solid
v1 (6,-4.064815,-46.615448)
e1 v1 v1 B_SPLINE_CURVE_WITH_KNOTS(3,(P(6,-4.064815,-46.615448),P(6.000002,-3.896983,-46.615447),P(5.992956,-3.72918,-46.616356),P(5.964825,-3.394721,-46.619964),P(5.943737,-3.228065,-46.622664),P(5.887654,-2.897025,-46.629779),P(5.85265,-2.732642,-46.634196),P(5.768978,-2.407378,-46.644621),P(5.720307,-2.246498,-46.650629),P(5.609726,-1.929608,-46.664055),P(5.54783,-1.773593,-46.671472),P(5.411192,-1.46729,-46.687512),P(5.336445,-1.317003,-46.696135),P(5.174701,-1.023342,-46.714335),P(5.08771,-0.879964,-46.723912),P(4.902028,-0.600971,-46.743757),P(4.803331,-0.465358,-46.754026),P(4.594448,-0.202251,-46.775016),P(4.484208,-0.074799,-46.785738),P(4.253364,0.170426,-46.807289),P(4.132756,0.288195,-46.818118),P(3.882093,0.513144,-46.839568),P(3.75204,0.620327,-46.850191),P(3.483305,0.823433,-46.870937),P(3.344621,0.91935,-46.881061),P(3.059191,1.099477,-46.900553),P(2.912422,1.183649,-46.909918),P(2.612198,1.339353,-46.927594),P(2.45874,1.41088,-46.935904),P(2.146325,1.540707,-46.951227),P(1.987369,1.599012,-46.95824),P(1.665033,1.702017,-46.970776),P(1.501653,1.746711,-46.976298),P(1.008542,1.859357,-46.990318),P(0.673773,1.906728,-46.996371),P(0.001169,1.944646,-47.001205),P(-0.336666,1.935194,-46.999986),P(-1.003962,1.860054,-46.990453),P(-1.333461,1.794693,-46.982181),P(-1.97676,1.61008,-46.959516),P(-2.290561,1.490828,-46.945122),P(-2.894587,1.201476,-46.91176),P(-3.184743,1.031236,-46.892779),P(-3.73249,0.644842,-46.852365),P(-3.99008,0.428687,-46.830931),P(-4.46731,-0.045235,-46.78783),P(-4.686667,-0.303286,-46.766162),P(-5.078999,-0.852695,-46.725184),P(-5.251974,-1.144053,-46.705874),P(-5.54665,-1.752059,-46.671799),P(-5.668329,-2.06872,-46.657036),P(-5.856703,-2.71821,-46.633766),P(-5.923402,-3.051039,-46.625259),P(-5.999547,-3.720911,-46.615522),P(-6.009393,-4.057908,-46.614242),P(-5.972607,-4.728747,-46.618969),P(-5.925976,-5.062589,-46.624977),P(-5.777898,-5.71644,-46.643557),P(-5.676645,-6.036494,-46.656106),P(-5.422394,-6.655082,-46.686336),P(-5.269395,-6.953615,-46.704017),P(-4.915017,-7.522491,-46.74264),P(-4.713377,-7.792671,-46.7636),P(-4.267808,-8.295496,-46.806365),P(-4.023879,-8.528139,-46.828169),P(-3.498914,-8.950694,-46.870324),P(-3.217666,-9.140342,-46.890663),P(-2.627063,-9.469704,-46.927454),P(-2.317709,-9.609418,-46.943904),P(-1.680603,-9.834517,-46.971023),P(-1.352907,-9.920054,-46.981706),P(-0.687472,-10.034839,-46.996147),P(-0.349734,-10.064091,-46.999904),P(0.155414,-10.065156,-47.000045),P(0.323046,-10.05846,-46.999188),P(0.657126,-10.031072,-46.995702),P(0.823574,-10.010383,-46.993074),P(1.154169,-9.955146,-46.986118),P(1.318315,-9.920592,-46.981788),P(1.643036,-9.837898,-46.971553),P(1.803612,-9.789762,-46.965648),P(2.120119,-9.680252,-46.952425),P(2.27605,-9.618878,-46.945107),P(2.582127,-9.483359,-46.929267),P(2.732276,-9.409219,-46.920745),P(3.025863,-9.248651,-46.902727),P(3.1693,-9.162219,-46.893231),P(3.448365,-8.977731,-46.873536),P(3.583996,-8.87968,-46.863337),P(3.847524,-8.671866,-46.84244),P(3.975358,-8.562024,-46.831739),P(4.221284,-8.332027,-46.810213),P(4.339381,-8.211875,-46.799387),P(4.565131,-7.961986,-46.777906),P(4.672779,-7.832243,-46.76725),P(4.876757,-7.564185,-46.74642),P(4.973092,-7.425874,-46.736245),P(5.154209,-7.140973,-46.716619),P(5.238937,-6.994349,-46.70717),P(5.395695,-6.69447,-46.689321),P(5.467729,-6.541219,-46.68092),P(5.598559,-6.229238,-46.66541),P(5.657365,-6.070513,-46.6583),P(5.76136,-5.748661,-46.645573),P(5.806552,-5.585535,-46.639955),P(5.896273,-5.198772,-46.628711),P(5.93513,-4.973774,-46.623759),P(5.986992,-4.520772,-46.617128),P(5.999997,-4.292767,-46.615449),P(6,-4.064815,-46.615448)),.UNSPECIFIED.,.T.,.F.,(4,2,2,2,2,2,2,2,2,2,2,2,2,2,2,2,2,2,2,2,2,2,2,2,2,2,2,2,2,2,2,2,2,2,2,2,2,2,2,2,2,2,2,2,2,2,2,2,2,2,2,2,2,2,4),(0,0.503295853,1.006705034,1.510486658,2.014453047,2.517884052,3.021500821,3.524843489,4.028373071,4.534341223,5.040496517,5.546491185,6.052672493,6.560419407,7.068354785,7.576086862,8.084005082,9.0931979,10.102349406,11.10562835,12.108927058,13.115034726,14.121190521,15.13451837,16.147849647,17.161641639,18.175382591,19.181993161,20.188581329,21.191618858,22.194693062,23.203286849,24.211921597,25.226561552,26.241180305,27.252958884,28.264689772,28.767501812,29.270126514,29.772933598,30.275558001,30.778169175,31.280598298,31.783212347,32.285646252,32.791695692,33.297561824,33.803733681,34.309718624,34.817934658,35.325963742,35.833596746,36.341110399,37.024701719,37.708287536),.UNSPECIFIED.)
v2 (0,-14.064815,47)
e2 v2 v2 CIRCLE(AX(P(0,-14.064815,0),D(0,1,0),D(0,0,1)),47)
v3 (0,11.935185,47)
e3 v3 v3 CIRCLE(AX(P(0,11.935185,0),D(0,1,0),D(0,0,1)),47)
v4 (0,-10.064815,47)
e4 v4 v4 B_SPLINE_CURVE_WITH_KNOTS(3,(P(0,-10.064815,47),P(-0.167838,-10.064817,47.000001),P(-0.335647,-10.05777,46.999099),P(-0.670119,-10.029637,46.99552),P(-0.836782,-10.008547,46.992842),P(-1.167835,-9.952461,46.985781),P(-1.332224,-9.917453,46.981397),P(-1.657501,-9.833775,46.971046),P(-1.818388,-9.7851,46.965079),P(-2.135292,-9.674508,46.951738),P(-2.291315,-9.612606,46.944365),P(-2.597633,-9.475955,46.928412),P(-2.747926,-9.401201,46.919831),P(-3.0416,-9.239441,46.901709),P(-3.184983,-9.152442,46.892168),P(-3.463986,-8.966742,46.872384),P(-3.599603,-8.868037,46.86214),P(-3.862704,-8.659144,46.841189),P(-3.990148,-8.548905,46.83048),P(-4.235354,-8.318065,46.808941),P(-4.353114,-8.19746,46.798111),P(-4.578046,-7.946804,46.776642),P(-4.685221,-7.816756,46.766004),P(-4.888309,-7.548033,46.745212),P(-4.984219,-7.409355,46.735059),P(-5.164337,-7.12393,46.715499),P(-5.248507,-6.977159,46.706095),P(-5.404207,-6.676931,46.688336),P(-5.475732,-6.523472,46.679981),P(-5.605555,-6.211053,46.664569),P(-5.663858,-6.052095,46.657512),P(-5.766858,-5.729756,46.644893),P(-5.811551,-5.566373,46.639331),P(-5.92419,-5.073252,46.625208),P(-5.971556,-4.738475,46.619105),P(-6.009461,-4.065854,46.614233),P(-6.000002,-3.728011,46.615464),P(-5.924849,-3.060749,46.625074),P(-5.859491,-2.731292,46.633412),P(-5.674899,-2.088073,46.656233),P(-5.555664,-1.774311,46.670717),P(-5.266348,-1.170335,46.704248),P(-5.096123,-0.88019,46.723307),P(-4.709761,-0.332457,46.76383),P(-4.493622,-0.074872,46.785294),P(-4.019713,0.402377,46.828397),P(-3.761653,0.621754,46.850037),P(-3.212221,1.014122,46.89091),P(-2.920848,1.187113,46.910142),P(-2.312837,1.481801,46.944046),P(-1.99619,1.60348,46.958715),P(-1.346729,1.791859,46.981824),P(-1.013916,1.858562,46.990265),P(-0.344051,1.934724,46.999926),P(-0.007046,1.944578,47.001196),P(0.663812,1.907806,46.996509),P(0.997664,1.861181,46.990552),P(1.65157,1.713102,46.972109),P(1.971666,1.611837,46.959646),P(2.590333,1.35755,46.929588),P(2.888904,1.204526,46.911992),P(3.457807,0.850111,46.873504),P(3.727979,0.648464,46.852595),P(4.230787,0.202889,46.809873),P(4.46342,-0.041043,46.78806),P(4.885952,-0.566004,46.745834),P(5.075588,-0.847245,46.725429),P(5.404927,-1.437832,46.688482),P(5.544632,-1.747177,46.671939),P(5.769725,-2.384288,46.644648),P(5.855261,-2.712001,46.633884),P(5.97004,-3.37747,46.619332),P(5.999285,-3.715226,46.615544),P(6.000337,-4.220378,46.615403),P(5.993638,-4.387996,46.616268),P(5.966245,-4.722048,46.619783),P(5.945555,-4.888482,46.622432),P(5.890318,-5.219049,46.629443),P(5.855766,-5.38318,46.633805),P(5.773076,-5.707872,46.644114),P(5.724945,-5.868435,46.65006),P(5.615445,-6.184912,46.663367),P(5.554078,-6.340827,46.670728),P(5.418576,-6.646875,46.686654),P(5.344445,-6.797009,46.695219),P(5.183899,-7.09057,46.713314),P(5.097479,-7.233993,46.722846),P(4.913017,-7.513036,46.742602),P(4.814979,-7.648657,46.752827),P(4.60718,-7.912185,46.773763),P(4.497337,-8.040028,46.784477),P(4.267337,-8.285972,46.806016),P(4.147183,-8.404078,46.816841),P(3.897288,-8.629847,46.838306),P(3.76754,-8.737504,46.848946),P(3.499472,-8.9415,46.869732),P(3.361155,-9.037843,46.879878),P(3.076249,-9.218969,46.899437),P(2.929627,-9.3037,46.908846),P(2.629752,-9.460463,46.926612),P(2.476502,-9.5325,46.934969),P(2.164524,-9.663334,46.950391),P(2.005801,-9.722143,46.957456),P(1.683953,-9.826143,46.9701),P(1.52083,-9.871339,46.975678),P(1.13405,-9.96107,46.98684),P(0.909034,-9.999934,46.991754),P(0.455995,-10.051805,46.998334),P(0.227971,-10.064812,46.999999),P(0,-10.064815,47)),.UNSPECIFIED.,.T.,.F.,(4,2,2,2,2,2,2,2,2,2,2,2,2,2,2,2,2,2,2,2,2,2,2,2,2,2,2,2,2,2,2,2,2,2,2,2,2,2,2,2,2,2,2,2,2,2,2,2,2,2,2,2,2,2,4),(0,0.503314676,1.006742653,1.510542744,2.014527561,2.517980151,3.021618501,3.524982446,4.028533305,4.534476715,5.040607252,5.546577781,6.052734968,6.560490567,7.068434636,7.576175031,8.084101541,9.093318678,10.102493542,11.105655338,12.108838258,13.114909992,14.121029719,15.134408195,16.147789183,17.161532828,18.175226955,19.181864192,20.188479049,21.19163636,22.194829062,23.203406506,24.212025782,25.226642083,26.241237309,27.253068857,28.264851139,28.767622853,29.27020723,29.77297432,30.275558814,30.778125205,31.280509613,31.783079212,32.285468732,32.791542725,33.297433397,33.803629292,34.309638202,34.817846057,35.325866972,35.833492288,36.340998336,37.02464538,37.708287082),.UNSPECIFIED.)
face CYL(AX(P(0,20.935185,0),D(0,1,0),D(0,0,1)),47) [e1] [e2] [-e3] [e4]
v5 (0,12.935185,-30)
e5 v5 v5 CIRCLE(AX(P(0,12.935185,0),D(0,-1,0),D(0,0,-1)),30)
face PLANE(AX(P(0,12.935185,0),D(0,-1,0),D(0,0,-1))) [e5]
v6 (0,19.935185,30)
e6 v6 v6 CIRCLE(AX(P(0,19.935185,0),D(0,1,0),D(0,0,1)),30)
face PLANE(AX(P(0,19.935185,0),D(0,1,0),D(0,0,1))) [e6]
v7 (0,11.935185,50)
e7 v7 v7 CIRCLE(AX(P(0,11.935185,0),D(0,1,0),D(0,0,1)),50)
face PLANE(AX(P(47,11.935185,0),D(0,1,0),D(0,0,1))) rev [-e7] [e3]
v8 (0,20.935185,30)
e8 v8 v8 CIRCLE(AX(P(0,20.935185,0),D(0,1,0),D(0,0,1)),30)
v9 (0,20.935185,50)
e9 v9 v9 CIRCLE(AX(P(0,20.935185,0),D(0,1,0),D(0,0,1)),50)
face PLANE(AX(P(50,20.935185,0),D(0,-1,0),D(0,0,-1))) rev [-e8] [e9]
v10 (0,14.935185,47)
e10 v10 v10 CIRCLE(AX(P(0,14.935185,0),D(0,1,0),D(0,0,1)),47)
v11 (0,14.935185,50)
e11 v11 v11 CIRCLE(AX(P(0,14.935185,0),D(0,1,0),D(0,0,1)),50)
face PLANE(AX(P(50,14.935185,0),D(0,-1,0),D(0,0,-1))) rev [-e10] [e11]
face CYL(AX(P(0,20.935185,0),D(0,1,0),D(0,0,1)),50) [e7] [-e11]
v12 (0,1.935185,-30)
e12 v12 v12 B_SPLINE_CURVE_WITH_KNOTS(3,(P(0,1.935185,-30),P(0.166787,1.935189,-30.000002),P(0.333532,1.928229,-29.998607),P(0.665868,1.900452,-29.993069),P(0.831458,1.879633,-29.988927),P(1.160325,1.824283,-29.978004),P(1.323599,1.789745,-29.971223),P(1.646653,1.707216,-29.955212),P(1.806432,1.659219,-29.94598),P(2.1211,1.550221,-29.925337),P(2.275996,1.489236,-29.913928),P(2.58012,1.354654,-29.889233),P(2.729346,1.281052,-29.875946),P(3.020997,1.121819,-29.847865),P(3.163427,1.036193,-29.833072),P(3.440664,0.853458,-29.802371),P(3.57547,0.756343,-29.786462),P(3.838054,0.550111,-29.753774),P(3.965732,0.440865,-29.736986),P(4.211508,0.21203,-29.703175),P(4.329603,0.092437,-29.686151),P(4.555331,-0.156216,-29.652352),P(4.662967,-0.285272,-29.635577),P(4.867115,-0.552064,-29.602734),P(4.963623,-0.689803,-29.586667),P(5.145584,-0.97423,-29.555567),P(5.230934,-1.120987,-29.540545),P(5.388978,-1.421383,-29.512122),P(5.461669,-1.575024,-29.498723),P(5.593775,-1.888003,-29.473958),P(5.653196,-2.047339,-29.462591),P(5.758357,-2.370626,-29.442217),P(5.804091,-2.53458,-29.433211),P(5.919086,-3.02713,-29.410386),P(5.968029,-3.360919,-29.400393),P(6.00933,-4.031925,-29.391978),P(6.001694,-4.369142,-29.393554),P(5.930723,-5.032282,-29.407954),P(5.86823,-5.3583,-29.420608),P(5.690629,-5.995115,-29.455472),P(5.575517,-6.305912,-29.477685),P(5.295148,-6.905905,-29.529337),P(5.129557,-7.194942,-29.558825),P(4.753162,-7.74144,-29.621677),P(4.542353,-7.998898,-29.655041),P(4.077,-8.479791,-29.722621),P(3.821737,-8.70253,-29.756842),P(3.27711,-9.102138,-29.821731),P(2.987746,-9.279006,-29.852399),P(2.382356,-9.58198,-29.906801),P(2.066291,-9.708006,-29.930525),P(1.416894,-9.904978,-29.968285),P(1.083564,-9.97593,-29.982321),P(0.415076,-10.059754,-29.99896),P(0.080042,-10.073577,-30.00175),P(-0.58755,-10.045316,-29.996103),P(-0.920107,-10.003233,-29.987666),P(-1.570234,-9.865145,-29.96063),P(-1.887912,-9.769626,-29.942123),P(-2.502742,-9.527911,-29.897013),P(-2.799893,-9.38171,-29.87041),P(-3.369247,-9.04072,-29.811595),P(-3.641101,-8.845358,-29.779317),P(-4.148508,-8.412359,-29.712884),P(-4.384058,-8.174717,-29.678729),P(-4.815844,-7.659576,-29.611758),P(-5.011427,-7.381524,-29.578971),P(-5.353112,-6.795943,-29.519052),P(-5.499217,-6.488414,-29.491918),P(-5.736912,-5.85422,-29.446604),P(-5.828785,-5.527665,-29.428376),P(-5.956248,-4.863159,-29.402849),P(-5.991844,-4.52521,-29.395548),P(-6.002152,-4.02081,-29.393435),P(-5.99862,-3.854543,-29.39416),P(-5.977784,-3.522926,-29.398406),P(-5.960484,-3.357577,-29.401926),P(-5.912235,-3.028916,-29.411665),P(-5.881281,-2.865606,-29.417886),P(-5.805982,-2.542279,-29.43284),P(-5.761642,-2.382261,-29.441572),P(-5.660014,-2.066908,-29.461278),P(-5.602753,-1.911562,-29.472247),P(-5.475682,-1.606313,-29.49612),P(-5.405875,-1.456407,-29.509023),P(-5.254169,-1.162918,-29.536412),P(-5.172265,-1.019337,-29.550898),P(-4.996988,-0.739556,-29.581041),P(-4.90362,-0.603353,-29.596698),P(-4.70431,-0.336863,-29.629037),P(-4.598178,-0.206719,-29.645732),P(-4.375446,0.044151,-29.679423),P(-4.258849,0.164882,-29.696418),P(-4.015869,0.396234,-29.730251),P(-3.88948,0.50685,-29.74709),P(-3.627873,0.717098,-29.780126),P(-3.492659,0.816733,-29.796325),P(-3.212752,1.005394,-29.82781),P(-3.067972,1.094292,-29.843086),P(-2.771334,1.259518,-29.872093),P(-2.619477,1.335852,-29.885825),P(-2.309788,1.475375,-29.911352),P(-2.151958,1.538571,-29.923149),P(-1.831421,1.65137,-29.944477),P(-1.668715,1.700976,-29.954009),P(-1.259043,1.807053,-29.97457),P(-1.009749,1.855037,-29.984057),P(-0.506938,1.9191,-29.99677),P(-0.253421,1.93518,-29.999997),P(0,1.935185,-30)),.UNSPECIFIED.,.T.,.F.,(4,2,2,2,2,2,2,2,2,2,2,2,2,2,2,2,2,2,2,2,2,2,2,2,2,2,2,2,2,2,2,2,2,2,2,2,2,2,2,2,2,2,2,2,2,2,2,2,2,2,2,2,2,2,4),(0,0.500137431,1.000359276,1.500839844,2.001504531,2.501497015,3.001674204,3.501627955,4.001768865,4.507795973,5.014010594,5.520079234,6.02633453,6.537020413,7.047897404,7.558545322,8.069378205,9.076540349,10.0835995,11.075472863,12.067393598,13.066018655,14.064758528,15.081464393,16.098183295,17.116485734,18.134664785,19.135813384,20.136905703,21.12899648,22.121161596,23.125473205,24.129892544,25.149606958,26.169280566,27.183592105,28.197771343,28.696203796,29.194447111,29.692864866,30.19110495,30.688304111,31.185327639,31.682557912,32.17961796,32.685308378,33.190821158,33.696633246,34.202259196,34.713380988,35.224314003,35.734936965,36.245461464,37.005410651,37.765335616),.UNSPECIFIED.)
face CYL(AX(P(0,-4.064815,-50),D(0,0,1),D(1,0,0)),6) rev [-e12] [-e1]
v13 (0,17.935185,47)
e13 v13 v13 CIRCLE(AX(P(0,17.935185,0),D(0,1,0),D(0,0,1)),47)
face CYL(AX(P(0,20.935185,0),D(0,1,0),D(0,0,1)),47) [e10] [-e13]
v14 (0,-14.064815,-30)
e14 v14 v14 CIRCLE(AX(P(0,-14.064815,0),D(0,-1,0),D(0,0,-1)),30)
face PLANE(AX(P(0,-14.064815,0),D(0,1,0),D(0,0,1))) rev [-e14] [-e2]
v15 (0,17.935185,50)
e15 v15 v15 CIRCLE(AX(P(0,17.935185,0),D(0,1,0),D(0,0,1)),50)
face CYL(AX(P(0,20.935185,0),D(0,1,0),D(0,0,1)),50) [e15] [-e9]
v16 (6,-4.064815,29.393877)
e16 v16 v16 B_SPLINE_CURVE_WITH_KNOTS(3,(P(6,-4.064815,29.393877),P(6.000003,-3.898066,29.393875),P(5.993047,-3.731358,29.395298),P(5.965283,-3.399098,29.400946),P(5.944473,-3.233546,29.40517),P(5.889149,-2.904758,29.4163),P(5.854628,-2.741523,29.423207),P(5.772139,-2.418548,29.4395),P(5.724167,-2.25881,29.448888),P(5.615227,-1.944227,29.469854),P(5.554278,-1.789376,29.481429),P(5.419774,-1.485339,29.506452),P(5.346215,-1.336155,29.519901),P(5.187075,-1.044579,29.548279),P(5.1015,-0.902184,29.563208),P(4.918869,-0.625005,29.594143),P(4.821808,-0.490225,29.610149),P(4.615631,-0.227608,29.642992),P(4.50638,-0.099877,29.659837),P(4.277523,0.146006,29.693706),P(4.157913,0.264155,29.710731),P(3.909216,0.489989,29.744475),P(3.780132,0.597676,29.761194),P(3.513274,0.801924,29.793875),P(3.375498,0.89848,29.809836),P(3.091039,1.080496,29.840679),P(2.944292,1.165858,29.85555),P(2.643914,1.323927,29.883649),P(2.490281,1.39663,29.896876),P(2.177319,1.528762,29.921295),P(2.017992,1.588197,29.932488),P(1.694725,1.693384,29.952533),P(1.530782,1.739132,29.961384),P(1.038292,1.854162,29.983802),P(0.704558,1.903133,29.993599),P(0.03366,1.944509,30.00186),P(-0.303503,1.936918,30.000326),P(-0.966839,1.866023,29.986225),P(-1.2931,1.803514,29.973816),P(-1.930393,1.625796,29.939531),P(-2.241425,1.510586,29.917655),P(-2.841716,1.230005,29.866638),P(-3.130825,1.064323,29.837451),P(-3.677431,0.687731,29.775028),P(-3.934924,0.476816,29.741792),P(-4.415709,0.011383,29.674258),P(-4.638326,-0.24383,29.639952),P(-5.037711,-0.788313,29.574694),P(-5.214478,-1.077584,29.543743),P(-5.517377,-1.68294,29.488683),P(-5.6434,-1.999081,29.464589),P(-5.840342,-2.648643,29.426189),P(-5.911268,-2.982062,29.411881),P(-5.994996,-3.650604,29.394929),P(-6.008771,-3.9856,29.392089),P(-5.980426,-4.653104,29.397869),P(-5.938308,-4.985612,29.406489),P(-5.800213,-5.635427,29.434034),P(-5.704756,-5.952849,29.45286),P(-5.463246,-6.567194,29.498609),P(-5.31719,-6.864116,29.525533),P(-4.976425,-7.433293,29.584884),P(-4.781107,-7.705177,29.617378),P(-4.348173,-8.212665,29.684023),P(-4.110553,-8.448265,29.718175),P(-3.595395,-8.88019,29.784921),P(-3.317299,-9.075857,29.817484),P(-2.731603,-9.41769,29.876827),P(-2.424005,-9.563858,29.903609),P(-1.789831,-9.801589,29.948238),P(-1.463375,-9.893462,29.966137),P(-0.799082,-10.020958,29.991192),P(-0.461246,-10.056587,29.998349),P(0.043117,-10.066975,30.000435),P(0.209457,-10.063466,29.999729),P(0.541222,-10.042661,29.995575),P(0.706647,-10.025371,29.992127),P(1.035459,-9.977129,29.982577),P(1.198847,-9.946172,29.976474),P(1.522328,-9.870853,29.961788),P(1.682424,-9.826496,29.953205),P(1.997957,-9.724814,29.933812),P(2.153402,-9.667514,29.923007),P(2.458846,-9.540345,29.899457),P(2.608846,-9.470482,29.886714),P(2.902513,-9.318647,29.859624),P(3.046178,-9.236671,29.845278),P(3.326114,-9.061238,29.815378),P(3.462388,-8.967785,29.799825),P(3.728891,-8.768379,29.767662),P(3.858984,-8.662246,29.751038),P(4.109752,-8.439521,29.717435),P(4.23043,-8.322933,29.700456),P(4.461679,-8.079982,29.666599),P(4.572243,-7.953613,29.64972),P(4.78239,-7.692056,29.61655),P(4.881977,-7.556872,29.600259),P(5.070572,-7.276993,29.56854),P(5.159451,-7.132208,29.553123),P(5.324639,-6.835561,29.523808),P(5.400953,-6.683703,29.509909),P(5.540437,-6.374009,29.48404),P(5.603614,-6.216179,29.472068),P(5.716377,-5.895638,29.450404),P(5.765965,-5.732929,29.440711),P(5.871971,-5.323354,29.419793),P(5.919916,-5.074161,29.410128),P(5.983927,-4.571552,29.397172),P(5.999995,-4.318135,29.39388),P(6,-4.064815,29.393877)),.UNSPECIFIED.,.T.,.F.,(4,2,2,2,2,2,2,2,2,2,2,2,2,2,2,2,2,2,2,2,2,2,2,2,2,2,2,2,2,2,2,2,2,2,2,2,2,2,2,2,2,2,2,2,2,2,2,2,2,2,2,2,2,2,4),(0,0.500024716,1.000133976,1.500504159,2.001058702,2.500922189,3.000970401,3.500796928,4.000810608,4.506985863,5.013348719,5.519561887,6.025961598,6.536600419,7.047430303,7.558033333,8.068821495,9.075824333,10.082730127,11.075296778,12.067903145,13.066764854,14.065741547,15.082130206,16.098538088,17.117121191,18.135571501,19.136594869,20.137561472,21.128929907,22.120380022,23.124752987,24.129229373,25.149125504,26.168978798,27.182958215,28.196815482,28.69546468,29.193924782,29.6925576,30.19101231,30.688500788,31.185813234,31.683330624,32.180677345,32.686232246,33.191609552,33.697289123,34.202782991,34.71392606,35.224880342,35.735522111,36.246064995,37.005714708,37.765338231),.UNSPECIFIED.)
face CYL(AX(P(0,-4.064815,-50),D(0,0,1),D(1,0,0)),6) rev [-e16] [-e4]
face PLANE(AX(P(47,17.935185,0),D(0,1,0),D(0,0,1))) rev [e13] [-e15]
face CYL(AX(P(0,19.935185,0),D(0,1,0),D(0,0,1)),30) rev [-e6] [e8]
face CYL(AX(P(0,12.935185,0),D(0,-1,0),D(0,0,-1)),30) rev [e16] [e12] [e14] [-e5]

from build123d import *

# Parameters (mm, degrees)
SKETCH3_R          = 30
CUT_EXTRUDE1_DEPTH = 27
SKETCH4_R          = 6
CUT_EXTRUDE2_DEPTH = 112.118324226
CUT_EXTRUDE3_START = -1
SKETCH5_R          = 30
CUT_EXTRUDE3_DEPTH = 1


with BuildPart() as part:
    # Sketch2 → Revolve1 (revolve)
    with BuildSketch(Plane.XY, mode=Mode.PRIVATE) as revolve1_sk:
        Polygon((0, -14.064814815), (47, -14.064814815), (47, 11.935185185), (50, 11.935185185), (50, 14.935185185), (47, 14.935185185), (47, 17.935185185), (50, 17.935185185), (50, 20.935185185), (0, 20.935185185), align=None)
    revolve(revolve1_sk.sketch.rotate(Axis((0, 20.935185185, 0), (0, -1, 0)), 90), axis=Axis((0, 20.935185185, 0), (0, -1, 0)))

    # Sketch3 → Cut-Extrude1 (cut)
    with BuildSketch(Plane.XZ.offset(14.064814815)):
        with Locations(Location((0, 0, 0), (0, 0, 270))):
            Circle(SKETCH3_R)
    extrude(amount=-CUT_EXTRUDE1_DEPTH, mode=Mode.SUBTRACT)

    # Sketch4 → Cut-Extrude2 (cut, through all)
    with BuildSketch(Plane.XY.offset(47)):
        with Locations((0, -4.064814815)):
            Circle(SKETCH4_R)
    extrude(amount=-CUT_EXTRUDE2_DEPTH, mode=Mode.SUBTRACT)

    # Sketch5 → Cut-Extrude3 (cut)
    with BuildSketch(Plane(origin=(0, 20.935185185, 0), x_dir=(1, 0, 0), z_dir=(0, 1, 0)).offset(CUT_EXTRUDE3_START)):
        with Locations(Location((0, 0, 0), (0, 0, 90))):
            Circle(SKETCH5_R)
    extrude(amount=CUT_EXTRUDE3_DEPTH, mode=Mode.SUBTRACT)


solid = part.part
